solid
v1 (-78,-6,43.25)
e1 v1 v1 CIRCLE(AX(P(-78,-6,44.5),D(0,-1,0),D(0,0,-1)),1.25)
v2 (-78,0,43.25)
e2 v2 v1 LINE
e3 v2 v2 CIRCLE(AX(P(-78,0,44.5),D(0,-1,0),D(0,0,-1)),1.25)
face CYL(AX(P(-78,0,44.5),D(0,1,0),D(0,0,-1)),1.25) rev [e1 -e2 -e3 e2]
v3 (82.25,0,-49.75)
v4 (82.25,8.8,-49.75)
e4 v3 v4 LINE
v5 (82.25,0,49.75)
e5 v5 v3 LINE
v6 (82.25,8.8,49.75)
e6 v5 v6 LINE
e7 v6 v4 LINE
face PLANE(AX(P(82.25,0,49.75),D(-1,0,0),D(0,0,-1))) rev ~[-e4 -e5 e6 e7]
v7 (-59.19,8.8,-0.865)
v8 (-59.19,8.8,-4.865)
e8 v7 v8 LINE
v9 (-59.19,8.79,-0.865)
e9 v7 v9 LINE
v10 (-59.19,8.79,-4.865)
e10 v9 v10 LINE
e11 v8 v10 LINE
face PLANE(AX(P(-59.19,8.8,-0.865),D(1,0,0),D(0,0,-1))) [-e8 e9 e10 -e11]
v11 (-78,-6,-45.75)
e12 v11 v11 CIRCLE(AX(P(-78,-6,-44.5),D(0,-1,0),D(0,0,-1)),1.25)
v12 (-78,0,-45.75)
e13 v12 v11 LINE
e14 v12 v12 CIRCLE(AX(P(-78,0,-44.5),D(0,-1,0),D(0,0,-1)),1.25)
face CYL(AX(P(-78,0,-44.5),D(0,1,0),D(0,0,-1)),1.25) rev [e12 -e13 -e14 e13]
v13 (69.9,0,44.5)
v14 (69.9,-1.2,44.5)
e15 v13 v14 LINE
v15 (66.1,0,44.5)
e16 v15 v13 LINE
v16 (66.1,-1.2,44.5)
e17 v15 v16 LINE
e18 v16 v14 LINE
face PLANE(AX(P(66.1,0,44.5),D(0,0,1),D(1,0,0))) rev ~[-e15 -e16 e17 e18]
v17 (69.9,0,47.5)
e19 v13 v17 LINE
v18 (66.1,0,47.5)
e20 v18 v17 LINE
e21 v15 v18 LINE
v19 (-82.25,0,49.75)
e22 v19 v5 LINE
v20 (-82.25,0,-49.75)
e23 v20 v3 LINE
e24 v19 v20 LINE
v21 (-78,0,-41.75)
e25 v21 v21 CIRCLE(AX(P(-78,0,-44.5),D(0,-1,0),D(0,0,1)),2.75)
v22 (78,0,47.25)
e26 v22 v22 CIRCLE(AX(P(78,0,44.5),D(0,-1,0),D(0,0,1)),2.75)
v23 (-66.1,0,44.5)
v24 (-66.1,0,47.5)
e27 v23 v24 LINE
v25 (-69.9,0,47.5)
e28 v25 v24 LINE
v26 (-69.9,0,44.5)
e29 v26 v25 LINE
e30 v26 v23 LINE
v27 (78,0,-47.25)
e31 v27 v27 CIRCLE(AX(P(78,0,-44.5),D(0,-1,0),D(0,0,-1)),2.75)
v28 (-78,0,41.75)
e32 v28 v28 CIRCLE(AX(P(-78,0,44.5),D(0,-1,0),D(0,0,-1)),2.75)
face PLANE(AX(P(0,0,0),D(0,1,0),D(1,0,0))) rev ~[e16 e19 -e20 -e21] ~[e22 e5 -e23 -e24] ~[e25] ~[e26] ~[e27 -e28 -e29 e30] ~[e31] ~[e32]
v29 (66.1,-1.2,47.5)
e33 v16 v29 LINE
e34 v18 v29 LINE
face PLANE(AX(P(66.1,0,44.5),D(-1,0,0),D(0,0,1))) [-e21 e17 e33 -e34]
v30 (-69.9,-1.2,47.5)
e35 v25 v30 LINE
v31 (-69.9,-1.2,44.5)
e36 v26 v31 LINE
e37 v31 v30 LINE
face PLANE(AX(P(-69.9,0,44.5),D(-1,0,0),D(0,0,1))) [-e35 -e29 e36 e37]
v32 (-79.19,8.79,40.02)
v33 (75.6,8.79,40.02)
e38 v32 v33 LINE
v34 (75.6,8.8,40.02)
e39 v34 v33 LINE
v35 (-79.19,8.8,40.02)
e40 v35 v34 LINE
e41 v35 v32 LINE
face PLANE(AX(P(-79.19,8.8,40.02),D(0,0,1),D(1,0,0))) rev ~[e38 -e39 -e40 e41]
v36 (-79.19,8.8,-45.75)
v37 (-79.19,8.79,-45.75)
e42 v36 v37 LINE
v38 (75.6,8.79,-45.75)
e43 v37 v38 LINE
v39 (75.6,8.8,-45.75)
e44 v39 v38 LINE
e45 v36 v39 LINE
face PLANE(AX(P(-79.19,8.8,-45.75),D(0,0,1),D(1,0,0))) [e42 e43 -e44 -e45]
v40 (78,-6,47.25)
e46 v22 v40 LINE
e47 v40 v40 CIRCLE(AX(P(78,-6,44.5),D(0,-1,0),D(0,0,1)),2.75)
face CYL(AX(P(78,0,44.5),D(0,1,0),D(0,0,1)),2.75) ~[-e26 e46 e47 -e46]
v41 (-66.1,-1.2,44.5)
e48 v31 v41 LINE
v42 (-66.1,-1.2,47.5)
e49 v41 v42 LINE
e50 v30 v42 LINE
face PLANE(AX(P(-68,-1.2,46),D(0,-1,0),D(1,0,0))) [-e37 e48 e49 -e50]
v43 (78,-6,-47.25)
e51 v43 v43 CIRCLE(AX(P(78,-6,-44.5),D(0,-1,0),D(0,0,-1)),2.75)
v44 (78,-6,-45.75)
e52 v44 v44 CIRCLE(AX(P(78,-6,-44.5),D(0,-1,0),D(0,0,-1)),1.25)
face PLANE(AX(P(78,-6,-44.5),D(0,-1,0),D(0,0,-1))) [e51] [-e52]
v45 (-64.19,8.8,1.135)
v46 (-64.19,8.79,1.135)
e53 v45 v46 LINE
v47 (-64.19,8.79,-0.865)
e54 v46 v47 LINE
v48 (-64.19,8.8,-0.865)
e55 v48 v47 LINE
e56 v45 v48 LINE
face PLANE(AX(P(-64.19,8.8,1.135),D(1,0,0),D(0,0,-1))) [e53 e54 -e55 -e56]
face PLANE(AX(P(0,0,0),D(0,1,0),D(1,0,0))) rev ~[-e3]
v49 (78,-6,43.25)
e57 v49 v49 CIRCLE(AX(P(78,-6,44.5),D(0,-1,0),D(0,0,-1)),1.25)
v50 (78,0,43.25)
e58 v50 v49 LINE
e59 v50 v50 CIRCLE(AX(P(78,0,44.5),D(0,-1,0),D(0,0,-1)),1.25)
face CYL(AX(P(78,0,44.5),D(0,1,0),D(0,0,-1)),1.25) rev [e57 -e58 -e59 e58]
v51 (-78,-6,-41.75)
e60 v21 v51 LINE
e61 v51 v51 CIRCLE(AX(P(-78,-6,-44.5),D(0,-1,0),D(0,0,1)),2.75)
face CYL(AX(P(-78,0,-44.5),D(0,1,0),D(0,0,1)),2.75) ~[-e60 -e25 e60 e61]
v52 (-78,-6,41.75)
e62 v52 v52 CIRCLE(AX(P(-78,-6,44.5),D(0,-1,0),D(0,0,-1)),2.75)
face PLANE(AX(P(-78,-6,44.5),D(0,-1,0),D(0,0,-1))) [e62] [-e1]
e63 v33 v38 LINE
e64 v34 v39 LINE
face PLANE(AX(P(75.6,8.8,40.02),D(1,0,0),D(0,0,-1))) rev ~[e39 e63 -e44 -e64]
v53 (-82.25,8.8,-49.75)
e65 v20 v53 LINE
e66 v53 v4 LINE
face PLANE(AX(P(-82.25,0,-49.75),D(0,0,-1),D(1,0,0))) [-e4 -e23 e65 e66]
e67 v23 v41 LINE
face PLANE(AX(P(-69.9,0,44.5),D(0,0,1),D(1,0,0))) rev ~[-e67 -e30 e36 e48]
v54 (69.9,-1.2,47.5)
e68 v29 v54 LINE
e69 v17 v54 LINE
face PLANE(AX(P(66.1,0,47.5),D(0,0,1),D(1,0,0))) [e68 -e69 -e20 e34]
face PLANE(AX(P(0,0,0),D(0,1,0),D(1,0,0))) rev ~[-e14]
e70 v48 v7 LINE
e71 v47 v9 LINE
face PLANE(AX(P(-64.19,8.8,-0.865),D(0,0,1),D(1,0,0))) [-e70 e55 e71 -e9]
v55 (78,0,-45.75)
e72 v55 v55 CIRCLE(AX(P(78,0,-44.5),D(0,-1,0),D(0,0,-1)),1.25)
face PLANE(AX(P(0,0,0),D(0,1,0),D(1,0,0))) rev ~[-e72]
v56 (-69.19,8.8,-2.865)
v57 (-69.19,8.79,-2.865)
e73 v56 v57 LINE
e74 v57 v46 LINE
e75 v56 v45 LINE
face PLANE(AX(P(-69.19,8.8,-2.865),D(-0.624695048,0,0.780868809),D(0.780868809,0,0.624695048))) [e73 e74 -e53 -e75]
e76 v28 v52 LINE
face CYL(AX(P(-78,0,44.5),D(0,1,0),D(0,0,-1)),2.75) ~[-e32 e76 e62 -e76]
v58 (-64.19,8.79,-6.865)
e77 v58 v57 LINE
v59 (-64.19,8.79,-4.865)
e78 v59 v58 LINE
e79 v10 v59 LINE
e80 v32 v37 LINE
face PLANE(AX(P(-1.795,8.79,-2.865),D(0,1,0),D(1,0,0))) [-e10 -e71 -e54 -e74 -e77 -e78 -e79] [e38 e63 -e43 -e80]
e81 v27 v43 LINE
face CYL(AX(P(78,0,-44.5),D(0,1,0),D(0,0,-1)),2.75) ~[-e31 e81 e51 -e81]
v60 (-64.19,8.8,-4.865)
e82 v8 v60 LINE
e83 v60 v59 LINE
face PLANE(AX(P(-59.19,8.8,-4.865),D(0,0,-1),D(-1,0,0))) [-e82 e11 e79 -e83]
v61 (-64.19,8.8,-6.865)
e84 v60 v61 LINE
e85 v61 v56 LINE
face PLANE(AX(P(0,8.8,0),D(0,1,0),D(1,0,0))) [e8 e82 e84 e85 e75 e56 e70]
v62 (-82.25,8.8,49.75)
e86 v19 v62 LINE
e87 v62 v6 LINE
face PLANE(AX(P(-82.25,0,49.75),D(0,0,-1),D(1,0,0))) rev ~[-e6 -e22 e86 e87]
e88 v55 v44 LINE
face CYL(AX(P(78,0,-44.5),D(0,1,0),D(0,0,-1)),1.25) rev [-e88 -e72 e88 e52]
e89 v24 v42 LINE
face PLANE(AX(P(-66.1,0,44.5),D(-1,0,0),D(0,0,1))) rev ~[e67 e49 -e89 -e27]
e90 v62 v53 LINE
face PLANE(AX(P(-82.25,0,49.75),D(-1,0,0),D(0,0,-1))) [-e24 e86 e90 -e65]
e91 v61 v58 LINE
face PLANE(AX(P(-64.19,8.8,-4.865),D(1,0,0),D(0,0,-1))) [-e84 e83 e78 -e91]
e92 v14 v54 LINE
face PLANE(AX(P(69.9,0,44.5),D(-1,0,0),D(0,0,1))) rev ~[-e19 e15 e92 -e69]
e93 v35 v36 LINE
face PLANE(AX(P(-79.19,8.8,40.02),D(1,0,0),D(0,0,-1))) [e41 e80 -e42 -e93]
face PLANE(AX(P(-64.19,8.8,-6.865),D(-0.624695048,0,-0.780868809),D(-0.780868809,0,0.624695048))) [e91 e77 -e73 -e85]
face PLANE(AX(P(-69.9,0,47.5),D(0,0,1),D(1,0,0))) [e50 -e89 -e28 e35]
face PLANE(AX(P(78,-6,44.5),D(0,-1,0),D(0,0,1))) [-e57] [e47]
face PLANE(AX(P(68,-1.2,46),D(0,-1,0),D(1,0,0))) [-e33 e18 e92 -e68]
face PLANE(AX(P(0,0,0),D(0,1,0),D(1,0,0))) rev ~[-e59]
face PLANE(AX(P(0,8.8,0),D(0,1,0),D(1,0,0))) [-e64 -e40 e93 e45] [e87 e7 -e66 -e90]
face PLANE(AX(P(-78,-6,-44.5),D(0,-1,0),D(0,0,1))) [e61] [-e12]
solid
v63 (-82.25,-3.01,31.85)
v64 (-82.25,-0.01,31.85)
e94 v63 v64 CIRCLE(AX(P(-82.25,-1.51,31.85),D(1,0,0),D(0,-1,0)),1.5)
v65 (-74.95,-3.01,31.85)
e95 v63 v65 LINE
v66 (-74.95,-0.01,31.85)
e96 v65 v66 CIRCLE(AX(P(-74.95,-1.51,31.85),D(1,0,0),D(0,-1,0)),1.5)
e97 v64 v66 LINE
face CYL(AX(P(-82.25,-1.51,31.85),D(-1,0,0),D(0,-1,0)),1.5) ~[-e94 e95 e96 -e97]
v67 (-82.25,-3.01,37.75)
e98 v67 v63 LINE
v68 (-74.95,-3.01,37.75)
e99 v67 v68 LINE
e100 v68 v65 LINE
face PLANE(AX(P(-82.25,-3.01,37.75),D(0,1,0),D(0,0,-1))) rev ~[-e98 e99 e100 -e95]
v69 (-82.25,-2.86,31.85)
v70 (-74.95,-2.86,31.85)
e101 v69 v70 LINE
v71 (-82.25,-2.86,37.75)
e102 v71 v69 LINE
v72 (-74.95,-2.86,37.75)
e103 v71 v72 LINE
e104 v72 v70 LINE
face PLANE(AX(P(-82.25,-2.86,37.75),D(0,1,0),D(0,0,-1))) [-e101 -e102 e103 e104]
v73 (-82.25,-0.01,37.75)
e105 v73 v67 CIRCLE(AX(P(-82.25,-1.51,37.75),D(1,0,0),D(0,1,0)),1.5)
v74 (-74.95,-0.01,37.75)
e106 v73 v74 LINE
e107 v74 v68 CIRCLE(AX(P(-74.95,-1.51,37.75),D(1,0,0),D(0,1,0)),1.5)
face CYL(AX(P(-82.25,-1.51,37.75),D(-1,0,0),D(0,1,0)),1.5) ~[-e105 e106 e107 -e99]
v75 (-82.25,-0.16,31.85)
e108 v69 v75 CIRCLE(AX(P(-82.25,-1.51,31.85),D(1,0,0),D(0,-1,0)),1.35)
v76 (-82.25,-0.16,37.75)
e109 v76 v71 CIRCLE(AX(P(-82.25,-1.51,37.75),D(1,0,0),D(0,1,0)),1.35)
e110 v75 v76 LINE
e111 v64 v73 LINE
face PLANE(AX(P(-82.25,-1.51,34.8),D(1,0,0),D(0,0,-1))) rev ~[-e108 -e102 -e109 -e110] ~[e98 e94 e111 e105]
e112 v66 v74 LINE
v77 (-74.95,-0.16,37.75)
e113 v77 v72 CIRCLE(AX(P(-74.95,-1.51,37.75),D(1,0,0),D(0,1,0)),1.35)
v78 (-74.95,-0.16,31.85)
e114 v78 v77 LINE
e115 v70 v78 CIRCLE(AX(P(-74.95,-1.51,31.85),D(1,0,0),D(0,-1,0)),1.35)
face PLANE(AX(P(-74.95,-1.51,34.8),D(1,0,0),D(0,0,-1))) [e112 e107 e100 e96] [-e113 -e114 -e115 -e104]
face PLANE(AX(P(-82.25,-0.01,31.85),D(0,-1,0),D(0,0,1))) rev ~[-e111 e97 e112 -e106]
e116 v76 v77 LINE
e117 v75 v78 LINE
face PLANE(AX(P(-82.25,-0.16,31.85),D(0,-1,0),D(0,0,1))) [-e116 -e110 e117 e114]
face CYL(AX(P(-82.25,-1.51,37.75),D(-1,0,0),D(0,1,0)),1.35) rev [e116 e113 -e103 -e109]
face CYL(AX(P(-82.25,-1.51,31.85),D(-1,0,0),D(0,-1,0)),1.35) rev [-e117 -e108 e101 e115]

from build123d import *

# Parameters (mm, degrees)
SKETCH1_W           = 164.5
SKETCH1_H           = 99.5
BOSS_EXTRUDE1_DEPTH = 8.8
SKETCH2_R           = 2.75
SKETCH2_R_2         = 1.25
BOSS_EXTRUDE2_DEPTH = 6
SKETCH3_W           = 154.79
SKETCH3_H           = 85.77
CUT_EXTRUDE1_DEPTH  = 0.01
BOSS_EXTRUDE3_DEPTH = 7.3
SKETCH5_W           = 3.8
SKETCH5_H           = 3
BOSS_EXTRUDE4_DEPTH = 1.2


with BuildPart() as part:
    # Sketch1 → Boss-Extrude1 (new body)
    with BuildSketch(Plane(origin=(0, 0, 0), x_dir=(1, 0, 0), z_dir=(0, 1, 0))):
        Rectangle(SKETCH1_W, SKETCH1_H)
    extrude(amount=BOSS_EXTRUDE1_DEPTH)

    # Sketch2 → Boss-Extrude2 (add)
    # profile 1 of 4: a face of its own
    with BuildSketch(Plane.XZ):
        with Locations(Location((-78, 44.5, 0), (0, 0, 270))):
            Circle(SKETCH2_R)
        with Locations(Location((-78, 44.5, 0), (0, 0, 270))):
            Circle(SKETCH2_R_2, mode=Mode.SUBTRACT)
    # profile 2 of 4: a face of its own
    with BuildSketch(Plane.XZ):
        with Locations(Location((78, 44.5, 0), (0, 0, 90))):
            Circle(SKETCH2_R)
        with Locations(Location((78, 44.5, 0), (0, 0, 270))):
            Circle(SKETCH2_R_2, mode=Mode.SUBTRACT)
    # profile 3 of 4: a face of its own
    with BuildSketch(Plane.XZ):
        with Locations(Location((78, -44.5, 0), (0, 0, 270))):
            Circle(SKETCH2_R)
        with Locations(Location((78, -44.5, 0), (0, 0, 270))):
            Circle(SKETCH2_R_2, mode=Mode.SUBTRACT)
    # profile 4 of 4: a face of its own
    with BuildSketch(Plane.XZ):
        with Locations(Location((-78, -44.5, 0), (0, 0, 90))):
            Circle(SKETCH2_R)
        with Locations(Location((-78, -44.5, 0), (0, 0, 270))):
            Circle(SKETCH2_R_2, mode=Mode.SUBTRACT)
    extrude(amount=BOSS_EXTRUDE2_DEPTH)

    # Sketch3 → Cut-Extrude1 (cut)
    with BuildSketch(Plane(origin=(0, 8.8, 0), x_dir=(1, 0, 0), z_dir=(0, 1, 0))):
        with Locations((-1.795, 2.865)):
            Rectangle(SKETCH3_W, SKETCH3_H)
        Polygon((-64.19, -1.135), (-64.19, 0.865), (-59.19, 0.865), (-59.19, 4.865), (-64.19, 4.865), (-64.19, 6.865), (-69.19, 2.865), align=None, mode=Mode.SUBTRACT)
    extrude(amount=-CUT_EXTRUDE1_DEPTH, mode=Mode.SUBTRACT)

    # Sketch5 → Boss-Extrude4 (add)
    with BuildSketch(Plane.XZ):
        with Locations((-68, 46)):
            Rectangle(SKETCH5_W, SKETCH5_H)
        with Locations((68, 46)):
            Rectangle(SKETCH5_W, SKETCH5_H)
    extrude(amount=BOSS_EXTRUDE4_DEPTH)


with BuildPart() as body_2:
    # Sketch4 → Boss-Extrude3 (new body)
    with BuildSketch(Plane.ZY.offset(82.25)):
        with BuildLine():
            Line((31.85, -0.01), (37.75, -0.01))
            ThreePointArc((37.75, -0.01), (39.25, -1.51), (37.75, -3.01))
            Line((37.75, -3.01), (31.85, -3.01))
            ThreePointArc((31.85, -3.01), (30.35, -1.51), (31.85, -0.01))
        make_face()
        with BuildLine():
            Line((31.85, -0.16), (37.75, -0.16))
            ThreePointArc((37.75, -0.16), (39.1, -1.51), (37.75, -2.86))
            Line((37.75, -2.86), (31.85, -2.86))
            ThreePointArc((31.85, -2.86), (30.5, -1.51), (31.85, -0.16))
        make_face(mode=Mode.SUBTRACT)
    extrude(amount=-BOSS_EXTRUDE3_DEPTH)


solid = Compound([part.part, body_2.part])
